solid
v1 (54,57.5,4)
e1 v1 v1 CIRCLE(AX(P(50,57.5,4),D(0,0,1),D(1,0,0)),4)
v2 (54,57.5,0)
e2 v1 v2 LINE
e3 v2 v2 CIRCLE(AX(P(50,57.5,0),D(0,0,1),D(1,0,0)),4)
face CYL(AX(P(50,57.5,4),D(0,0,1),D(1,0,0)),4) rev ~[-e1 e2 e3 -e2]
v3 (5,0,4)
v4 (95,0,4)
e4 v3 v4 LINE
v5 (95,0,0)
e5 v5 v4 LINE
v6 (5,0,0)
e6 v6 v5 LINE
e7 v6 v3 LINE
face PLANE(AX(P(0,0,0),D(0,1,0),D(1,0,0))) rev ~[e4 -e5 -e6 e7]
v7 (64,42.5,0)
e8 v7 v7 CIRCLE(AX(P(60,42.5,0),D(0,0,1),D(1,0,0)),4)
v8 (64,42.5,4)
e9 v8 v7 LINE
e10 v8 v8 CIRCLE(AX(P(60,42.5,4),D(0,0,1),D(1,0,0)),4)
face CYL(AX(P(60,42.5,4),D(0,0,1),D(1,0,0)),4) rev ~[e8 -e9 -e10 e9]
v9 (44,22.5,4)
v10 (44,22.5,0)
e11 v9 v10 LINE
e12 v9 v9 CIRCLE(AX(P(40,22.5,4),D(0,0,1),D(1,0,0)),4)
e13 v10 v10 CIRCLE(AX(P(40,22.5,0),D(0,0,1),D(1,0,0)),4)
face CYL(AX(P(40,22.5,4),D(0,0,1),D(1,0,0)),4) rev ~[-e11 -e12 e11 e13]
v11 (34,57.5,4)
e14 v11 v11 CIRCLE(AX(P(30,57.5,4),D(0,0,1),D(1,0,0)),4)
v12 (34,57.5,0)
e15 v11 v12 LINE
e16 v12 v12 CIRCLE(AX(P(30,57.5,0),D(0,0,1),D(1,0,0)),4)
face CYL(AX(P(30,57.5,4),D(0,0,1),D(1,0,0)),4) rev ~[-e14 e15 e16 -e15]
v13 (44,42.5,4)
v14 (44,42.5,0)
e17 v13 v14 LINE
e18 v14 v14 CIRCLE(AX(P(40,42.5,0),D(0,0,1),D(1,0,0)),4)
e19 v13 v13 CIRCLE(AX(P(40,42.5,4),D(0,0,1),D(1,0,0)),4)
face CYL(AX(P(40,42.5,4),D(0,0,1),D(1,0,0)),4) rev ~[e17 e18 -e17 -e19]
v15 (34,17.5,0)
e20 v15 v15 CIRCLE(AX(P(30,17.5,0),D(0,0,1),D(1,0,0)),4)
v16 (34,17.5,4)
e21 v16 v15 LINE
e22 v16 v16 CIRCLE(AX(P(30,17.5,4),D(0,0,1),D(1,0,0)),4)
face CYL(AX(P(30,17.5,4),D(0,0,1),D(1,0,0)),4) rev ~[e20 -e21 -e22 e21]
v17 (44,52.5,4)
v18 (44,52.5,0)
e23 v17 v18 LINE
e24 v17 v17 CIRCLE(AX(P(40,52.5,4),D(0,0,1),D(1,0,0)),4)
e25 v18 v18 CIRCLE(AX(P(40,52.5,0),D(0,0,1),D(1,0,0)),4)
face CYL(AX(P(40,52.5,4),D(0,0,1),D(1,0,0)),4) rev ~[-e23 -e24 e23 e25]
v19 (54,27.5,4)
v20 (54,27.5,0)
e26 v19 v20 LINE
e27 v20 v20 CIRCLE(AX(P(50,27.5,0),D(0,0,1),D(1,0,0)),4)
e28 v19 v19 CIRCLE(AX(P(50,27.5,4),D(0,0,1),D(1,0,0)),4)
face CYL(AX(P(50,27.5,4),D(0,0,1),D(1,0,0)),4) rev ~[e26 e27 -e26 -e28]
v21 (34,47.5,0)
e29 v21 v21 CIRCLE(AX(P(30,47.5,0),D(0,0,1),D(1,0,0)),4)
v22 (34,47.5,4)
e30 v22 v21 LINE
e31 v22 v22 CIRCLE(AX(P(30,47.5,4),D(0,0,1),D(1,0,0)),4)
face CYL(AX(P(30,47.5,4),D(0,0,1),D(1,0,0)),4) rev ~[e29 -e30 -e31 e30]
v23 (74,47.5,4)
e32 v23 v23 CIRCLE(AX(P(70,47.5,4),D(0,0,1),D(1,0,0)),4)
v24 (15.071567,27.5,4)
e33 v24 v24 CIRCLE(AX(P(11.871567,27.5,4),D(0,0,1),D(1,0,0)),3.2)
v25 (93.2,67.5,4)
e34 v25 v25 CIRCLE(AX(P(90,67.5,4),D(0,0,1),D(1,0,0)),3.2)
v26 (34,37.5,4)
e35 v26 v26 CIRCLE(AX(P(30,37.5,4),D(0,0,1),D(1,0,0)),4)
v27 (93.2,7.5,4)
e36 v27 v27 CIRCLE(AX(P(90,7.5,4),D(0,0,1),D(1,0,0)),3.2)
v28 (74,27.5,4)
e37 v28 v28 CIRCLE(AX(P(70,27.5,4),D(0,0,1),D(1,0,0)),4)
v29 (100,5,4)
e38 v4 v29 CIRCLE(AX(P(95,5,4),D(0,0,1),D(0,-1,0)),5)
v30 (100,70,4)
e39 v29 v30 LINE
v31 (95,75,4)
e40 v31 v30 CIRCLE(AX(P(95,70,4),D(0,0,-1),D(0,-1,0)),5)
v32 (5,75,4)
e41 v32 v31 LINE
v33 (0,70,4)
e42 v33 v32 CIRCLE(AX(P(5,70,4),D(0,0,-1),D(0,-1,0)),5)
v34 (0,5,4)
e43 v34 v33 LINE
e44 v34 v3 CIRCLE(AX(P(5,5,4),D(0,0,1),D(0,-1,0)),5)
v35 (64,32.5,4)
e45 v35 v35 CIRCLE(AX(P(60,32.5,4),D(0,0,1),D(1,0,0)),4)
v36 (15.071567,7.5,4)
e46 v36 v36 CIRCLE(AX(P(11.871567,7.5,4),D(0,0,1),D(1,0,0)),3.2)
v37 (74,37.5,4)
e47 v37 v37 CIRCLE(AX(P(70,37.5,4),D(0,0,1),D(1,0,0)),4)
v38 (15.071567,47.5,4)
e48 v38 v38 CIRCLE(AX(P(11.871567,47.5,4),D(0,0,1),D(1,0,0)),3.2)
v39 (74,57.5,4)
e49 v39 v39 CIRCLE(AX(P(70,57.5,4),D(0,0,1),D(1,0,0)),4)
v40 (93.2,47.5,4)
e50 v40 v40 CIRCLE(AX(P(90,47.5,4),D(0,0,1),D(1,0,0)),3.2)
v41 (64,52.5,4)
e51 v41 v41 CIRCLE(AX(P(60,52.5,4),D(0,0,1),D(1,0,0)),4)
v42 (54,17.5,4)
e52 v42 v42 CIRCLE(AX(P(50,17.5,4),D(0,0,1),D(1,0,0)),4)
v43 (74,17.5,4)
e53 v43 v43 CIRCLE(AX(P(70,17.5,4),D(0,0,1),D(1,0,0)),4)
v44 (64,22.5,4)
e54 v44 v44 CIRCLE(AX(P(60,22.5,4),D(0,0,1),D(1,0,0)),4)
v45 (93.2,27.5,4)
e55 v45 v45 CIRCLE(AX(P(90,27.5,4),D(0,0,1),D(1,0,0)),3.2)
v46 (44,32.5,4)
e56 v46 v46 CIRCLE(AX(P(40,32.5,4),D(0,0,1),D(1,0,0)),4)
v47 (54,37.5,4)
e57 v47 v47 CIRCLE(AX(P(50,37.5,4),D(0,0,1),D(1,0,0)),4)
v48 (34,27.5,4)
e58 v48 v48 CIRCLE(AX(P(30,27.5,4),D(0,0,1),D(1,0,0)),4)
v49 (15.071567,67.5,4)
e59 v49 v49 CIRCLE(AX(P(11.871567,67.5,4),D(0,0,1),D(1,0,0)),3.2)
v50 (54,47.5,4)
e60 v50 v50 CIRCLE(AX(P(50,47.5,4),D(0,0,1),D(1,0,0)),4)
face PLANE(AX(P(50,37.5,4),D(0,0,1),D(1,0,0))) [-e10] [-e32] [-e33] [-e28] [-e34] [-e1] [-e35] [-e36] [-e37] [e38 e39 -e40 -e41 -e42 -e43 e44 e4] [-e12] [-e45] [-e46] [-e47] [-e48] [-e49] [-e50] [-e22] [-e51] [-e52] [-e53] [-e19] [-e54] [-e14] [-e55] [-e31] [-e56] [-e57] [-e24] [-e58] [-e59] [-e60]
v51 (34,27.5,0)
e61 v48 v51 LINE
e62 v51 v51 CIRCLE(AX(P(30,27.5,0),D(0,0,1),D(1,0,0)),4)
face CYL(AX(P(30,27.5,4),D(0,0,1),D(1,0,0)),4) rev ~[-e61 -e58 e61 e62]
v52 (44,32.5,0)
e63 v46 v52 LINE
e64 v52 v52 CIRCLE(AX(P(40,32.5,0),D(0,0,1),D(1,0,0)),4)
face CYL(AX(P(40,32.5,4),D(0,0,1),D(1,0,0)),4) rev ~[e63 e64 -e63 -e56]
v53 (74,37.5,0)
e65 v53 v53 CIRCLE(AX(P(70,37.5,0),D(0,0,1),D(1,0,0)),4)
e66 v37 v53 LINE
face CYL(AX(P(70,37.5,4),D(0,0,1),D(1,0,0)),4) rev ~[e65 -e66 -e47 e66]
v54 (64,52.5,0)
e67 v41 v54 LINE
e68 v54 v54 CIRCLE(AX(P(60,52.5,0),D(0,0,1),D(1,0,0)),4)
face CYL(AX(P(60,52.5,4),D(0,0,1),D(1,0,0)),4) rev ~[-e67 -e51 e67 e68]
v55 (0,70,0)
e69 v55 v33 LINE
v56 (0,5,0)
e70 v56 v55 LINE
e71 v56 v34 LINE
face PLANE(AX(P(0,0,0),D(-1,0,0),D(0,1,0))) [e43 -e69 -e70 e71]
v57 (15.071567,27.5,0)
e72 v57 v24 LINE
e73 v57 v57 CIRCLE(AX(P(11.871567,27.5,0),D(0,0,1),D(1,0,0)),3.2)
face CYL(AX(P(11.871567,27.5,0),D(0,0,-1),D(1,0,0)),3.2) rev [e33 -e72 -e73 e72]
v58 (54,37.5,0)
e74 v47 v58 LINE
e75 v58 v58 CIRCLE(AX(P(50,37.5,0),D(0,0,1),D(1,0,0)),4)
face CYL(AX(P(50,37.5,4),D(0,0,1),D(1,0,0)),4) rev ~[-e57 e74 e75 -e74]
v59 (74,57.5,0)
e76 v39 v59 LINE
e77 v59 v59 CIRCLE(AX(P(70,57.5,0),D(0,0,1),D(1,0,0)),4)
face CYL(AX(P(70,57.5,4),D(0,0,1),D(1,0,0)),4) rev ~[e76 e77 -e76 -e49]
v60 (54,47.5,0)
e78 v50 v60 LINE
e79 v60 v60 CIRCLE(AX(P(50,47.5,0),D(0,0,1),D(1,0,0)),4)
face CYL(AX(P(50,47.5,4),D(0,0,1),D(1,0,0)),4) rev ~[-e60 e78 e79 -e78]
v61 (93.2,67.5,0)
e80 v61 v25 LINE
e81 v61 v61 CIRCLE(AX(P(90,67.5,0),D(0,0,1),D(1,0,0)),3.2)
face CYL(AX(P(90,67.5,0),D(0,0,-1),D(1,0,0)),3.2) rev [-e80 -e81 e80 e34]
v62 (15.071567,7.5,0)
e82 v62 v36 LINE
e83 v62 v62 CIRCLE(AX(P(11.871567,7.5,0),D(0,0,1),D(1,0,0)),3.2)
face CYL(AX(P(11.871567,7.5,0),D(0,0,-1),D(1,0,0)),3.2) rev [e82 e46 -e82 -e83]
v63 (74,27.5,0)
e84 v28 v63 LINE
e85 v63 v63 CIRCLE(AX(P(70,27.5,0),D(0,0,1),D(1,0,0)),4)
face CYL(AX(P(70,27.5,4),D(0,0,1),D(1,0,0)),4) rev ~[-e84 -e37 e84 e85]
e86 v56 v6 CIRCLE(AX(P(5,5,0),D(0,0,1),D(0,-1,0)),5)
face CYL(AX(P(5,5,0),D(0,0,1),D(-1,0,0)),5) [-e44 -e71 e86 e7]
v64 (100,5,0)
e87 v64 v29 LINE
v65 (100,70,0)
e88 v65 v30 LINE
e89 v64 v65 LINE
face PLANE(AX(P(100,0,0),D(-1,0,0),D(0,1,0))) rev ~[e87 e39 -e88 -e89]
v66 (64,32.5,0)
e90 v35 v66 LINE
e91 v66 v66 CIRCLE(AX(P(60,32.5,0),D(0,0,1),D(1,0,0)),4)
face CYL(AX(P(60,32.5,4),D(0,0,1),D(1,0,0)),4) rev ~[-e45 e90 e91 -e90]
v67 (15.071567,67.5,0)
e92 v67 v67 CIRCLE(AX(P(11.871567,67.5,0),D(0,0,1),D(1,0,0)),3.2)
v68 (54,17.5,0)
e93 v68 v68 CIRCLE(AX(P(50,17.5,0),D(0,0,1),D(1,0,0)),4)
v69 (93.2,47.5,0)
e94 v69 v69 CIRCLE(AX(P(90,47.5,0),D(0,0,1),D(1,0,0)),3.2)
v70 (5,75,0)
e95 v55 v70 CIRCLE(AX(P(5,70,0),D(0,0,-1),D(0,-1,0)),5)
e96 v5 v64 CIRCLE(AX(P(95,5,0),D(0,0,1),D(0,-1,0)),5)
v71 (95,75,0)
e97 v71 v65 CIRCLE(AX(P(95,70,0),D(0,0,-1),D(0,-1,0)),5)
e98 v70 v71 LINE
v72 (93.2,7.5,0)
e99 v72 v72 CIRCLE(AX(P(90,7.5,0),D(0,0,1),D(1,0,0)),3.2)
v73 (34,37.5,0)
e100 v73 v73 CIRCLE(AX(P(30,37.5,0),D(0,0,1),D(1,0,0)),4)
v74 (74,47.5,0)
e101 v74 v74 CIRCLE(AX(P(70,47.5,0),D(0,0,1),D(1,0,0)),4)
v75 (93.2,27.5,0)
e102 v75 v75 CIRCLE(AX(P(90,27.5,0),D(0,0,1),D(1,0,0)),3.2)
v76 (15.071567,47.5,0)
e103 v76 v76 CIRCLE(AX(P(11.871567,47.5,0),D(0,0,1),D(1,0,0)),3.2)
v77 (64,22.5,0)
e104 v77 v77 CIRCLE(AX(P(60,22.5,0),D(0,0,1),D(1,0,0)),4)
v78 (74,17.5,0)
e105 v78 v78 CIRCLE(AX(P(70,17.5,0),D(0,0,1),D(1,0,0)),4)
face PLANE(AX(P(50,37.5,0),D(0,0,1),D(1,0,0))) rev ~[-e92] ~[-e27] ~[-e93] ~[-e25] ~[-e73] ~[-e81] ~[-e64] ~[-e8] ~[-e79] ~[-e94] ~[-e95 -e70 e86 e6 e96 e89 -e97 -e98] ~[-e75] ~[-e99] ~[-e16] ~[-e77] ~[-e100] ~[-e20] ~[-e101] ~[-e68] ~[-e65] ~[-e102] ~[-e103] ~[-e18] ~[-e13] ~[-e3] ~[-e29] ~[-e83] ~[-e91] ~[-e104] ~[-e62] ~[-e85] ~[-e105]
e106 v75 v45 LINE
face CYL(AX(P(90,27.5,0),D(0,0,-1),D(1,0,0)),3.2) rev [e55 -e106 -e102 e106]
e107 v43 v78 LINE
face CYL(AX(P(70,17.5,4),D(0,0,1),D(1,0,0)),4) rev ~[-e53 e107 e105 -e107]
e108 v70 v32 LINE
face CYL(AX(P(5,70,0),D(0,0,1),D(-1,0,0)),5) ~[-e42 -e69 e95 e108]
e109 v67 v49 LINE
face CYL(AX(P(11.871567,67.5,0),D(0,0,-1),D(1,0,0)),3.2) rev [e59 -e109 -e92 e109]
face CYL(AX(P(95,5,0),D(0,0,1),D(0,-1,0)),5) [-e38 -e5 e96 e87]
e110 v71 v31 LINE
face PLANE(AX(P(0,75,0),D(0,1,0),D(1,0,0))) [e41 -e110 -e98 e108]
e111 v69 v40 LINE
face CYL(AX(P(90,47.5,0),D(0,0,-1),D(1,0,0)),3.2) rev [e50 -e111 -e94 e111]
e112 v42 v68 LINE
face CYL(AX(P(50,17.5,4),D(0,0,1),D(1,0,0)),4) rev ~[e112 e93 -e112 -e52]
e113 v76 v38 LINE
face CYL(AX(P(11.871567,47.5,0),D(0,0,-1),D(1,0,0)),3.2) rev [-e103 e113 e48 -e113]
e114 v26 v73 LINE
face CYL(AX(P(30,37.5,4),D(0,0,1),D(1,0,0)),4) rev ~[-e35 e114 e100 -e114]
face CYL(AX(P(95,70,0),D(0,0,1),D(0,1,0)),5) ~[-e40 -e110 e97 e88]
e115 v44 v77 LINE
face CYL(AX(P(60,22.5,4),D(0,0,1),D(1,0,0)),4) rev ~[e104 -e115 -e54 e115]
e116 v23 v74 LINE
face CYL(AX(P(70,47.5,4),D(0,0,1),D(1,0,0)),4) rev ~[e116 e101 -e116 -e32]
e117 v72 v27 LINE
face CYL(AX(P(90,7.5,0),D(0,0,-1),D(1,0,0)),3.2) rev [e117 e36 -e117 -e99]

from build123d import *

# Parameters (mm, degrees)
SKETCH_W     = 100
SKETCH_H     = 75
SKETCH_R     = 3.2
PAD_DEPTH    = 4
SKETCH001_R  = 4
POCKET_DEPTH = 5
FILLET_R     = 5


with BuildPart() as part:
    # Sketch → Pad (new body)
    with BuildSketch(Plane.XY):
        with Locations((50, 37.5)):
            Rectangle(SKETCH_W, SKETCH_H)
        with Locations((11.871567, 67.5)):
            Circle(SKETCH_R, mode=Mode.SUBTRACT)
        with Locations((11.871567, 47.5)):
            Circle(SKETCH_R, mode=Mode.SUBTRACT)
        with Locations((11.871567, 27.5)):
            Circle(SKETCH_R, mode=Mode.SUBTRACT)
        with Locations((11.871567, 7.5)):
            Circle(SKETCH_R, mode=Mode.SUBTRACT)
        with Locations((90, 67.5)):
            Circle(SKETCH_R, mode=Mode.SUBTRACT)
        with Locations((90, 47.5)):
            Circle(SKETCH_R, mode=Mode.SUBTRACT)
        with Locations((90, 27.5)):
            Circle(SKETCH_R, mode=Mode.SUBTRACT)
        with Locations((90, 7.5)):
            Circle(SKETCH_R, mode=Mode.SUBTRACT)
    extrude(amount=PAD_DEPTH)

    # Sketch001 (on Face14 of Pad) → Pocket (cut)
    with BuildSketch(Plane.XY.offset(4)):
        with Locations((30, 57.5)):
            Circle(SKETCH001_R)
        with Locations((30, 47.5)):
            Circle(SKETCH001_R)
        with Locations((30, 37.5)):
            Circle(SKETCH001_R)
        with Locations((30, 27.5)):
            Circle(SKETCH001_R)
        with Locations((30, 17.5)):
            Circle(SKETCH001_R)
        with Locations((50, 57.5)):
            Circle(SKETCH001_R)
        with Locations((50, 47.5)):
            Circle(SKETCH001_R)
        with Locations((50, 37.5)):
            Circle(SKETCH001_R)
        with Locations((50, 27.5)):
            Circle(SKETCH001_R)
        with Locations((50, 17.5)):
            Circle(SKETCH001_R)
        with Locations((70, 57.5)):
            Circle(SKETCH001_R)
        with Locations((70, 47.5)):
            Circle(SKETCH001_R)
        with Locations((70, 37.5)):
            Circle(SKETCH001_R)
        with Locations((70, 27.5)):
            Circle(SKETCH001_R)
        with Locations((70, 17.5)):
            Circle(SKETCH001_R)
        with Locations((40, 52.5)):
            Circle(SKETCH001_R)
        with Locations((40, 42.5)):
            Circle(SKETCH001_R)
        with Locations((40, 32.5)):
            Circle(SKETCH001_R)
        with Locations((40, 22.5)):
            Circle(SKETCH001_R)
        with Locations((60, 52.5)):
            Circle(SKETCH001_R)
        with Locations((60, 42.5)):
            Circle(SKETCH001_R)
        with Locations((60, 32.5)):
            Circle(SKETCH001_R)
        with Locations((60, 22.5)):
            Circle(SKETCH001_R)
    extrude(amount=-POCKET_DEPTH, mode=Mode.SUBTRACT)

    # Fillet
    fillet_edges = [part.edges().sort_by_distance(p)[0] for p in [
        (100, 75, 2),
        (100, 0, 2),
        (0, 75, 2),
        (0, 0, 2),
    ]]
    fillet(fillet_edges, radius=FILLET_R)


solid = part.part
